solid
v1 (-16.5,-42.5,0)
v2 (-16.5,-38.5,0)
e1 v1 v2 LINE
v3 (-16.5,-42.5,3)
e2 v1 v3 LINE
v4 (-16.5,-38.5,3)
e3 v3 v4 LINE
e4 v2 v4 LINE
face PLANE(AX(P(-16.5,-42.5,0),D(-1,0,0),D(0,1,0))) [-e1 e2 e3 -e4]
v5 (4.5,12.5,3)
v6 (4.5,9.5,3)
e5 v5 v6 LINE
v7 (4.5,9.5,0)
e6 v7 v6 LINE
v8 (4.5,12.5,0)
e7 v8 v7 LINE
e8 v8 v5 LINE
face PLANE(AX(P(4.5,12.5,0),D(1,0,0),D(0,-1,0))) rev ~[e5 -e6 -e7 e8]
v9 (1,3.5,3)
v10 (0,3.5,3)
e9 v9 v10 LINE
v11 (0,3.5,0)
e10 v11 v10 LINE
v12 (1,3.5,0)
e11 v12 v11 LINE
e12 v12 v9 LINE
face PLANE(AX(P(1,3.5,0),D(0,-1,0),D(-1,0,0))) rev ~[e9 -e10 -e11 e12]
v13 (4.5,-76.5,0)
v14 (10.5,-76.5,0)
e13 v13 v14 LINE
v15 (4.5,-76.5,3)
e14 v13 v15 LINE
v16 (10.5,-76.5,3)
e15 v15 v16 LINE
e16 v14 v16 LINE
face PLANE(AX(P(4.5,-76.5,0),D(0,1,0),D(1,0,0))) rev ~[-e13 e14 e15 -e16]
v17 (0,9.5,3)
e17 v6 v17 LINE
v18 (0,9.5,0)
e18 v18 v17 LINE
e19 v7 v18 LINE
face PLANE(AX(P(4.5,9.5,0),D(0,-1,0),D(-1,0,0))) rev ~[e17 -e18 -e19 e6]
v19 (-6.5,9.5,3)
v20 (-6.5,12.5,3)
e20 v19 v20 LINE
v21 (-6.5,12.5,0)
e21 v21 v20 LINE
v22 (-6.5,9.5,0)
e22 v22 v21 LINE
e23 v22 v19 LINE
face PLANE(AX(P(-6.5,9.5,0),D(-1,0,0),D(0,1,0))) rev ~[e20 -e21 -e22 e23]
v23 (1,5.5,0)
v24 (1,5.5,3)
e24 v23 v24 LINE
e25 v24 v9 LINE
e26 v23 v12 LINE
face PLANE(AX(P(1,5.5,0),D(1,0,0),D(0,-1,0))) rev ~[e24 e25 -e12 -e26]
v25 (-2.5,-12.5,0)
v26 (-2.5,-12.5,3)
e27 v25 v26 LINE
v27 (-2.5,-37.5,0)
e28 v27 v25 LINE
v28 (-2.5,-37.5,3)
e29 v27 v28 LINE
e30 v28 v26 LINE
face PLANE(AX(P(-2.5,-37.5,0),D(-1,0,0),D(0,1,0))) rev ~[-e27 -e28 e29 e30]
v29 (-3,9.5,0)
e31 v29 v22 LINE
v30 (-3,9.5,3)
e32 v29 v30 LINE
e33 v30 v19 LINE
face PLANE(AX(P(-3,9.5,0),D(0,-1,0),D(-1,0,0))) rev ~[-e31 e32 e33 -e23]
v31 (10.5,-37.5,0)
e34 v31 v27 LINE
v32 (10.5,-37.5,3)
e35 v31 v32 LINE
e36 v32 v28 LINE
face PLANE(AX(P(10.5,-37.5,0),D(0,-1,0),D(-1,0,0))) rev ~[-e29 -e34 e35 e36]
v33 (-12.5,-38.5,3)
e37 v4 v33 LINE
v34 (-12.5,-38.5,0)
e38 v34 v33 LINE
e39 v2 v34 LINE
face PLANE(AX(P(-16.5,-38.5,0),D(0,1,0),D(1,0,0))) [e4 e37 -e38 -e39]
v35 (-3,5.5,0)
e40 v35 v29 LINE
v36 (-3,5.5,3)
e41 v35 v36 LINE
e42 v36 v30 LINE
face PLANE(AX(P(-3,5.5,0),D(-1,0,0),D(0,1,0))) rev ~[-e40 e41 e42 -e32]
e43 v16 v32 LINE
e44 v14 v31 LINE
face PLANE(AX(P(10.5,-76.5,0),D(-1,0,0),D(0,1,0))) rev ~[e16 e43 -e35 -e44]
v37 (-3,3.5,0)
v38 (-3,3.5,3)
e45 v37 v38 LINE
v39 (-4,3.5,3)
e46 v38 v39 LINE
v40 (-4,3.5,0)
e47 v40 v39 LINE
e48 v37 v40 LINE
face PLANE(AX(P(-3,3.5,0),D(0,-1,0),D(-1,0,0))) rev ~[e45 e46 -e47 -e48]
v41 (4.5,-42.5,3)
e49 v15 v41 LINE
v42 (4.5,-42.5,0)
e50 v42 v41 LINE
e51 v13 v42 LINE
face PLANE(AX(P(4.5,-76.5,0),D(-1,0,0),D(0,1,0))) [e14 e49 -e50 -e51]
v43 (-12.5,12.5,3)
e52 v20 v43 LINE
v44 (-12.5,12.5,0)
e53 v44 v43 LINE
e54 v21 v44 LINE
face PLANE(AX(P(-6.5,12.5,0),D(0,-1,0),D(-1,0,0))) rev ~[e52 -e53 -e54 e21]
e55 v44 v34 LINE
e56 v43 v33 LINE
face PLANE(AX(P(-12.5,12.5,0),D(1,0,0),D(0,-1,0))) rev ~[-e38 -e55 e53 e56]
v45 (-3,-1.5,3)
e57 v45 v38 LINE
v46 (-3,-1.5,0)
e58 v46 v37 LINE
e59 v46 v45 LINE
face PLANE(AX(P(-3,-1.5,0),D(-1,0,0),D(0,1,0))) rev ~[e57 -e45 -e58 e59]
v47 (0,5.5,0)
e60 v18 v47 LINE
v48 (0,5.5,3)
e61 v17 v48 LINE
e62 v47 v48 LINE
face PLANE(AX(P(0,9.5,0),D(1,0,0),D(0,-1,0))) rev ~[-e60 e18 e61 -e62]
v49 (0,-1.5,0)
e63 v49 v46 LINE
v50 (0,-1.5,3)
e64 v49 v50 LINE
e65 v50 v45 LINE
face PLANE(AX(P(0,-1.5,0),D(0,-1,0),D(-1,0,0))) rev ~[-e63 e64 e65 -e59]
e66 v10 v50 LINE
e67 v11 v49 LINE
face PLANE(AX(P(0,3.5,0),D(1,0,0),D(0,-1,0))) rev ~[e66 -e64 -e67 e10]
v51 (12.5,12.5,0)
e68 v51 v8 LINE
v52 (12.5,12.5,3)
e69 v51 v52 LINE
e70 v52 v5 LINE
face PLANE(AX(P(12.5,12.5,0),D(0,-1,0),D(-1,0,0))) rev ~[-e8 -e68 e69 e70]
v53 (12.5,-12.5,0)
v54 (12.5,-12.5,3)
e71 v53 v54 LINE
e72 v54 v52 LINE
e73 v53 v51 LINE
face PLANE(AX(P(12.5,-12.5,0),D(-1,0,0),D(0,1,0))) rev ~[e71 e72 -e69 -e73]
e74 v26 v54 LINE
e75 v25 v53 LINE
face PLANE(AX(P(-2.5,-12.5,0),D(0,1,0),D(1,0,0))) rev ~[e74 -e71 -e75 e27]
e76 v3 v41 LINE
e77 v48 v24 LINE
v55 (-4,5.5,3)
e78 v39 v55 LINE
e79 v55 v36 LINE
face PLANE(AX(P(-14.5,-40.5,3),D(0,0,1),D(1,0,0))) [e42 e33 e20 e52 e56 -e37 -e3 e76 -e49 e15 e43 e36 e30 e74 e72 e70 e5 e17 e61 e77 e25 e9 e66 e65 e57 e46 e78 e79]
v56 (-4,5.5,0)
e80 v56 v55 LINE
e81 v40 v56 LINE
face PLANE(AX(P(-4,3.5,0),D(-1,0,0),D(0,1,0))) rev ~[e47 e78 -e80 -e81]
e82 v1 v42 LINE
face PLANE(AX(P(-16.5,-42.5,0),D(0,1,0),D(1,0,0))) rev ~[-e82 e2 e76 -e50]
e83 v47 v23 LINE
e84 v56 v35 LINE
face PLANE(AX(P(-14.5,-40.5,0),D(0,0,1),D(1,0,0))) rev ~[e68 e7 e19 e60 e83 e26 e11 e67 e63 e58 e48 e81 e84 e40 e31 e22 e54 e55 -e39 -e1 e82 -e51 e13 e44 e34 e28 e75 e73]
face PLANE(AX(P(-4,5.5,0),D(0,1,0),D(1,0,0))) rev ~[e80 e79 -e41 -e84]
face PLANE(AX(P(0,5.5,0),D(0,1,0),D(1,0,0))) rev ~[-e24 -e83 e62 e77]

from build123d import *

# Parameters (mm, degrees)
F0_W     = 4
F0_H     = 4
F0_W_2   = 6
F0_H_2   = 34
F0_W_3   = 10
F0_H_3   = 25
F1_DEPTH = 3


with BuildPart() as f1:
    # F0 (on Top) → F1 (new body)
    with BuildSketch(Plane.XY):
        with Locations((-14.5, -40.5)):
            Rectangle(F0_W, F0_H)
        with Locations((7.5, -59.5)):
            Rectangle(F0_W_2, F0_H_2)
        with Locations((-7.5, -25)):
            Rectangle(F0_W_3, F0_H_3)
        Polygon((10.5, -37.5), (-2.5, -37.5), (-12.5, -37.5), (-12.5, -38.5), (-12.5, -42.5), (4.5, -42.5), (10.5, -42.5), align=None)
        Polygon((12.5, -12.5), (12.5, 12.5), (4.5, 12.5), (4.5, 9.5), (0, 9.5), (0, 5.5), (1, 5.5), (1, 3.5), (0, 3.5), (0, -1.5), (-3, -1.5), (-3, 3.5), (-4, 3.5), (-4, 5.5), (-3, 5.5), (-3, 9.5), (-6.5, 9.5), (-6.5, 12.5), (-12.5, 12.5), (-12.5, -12.5), (-2.5, -12.5), align=None)
    extrude(amount=F1_DEPTH)


solid = f1.part
